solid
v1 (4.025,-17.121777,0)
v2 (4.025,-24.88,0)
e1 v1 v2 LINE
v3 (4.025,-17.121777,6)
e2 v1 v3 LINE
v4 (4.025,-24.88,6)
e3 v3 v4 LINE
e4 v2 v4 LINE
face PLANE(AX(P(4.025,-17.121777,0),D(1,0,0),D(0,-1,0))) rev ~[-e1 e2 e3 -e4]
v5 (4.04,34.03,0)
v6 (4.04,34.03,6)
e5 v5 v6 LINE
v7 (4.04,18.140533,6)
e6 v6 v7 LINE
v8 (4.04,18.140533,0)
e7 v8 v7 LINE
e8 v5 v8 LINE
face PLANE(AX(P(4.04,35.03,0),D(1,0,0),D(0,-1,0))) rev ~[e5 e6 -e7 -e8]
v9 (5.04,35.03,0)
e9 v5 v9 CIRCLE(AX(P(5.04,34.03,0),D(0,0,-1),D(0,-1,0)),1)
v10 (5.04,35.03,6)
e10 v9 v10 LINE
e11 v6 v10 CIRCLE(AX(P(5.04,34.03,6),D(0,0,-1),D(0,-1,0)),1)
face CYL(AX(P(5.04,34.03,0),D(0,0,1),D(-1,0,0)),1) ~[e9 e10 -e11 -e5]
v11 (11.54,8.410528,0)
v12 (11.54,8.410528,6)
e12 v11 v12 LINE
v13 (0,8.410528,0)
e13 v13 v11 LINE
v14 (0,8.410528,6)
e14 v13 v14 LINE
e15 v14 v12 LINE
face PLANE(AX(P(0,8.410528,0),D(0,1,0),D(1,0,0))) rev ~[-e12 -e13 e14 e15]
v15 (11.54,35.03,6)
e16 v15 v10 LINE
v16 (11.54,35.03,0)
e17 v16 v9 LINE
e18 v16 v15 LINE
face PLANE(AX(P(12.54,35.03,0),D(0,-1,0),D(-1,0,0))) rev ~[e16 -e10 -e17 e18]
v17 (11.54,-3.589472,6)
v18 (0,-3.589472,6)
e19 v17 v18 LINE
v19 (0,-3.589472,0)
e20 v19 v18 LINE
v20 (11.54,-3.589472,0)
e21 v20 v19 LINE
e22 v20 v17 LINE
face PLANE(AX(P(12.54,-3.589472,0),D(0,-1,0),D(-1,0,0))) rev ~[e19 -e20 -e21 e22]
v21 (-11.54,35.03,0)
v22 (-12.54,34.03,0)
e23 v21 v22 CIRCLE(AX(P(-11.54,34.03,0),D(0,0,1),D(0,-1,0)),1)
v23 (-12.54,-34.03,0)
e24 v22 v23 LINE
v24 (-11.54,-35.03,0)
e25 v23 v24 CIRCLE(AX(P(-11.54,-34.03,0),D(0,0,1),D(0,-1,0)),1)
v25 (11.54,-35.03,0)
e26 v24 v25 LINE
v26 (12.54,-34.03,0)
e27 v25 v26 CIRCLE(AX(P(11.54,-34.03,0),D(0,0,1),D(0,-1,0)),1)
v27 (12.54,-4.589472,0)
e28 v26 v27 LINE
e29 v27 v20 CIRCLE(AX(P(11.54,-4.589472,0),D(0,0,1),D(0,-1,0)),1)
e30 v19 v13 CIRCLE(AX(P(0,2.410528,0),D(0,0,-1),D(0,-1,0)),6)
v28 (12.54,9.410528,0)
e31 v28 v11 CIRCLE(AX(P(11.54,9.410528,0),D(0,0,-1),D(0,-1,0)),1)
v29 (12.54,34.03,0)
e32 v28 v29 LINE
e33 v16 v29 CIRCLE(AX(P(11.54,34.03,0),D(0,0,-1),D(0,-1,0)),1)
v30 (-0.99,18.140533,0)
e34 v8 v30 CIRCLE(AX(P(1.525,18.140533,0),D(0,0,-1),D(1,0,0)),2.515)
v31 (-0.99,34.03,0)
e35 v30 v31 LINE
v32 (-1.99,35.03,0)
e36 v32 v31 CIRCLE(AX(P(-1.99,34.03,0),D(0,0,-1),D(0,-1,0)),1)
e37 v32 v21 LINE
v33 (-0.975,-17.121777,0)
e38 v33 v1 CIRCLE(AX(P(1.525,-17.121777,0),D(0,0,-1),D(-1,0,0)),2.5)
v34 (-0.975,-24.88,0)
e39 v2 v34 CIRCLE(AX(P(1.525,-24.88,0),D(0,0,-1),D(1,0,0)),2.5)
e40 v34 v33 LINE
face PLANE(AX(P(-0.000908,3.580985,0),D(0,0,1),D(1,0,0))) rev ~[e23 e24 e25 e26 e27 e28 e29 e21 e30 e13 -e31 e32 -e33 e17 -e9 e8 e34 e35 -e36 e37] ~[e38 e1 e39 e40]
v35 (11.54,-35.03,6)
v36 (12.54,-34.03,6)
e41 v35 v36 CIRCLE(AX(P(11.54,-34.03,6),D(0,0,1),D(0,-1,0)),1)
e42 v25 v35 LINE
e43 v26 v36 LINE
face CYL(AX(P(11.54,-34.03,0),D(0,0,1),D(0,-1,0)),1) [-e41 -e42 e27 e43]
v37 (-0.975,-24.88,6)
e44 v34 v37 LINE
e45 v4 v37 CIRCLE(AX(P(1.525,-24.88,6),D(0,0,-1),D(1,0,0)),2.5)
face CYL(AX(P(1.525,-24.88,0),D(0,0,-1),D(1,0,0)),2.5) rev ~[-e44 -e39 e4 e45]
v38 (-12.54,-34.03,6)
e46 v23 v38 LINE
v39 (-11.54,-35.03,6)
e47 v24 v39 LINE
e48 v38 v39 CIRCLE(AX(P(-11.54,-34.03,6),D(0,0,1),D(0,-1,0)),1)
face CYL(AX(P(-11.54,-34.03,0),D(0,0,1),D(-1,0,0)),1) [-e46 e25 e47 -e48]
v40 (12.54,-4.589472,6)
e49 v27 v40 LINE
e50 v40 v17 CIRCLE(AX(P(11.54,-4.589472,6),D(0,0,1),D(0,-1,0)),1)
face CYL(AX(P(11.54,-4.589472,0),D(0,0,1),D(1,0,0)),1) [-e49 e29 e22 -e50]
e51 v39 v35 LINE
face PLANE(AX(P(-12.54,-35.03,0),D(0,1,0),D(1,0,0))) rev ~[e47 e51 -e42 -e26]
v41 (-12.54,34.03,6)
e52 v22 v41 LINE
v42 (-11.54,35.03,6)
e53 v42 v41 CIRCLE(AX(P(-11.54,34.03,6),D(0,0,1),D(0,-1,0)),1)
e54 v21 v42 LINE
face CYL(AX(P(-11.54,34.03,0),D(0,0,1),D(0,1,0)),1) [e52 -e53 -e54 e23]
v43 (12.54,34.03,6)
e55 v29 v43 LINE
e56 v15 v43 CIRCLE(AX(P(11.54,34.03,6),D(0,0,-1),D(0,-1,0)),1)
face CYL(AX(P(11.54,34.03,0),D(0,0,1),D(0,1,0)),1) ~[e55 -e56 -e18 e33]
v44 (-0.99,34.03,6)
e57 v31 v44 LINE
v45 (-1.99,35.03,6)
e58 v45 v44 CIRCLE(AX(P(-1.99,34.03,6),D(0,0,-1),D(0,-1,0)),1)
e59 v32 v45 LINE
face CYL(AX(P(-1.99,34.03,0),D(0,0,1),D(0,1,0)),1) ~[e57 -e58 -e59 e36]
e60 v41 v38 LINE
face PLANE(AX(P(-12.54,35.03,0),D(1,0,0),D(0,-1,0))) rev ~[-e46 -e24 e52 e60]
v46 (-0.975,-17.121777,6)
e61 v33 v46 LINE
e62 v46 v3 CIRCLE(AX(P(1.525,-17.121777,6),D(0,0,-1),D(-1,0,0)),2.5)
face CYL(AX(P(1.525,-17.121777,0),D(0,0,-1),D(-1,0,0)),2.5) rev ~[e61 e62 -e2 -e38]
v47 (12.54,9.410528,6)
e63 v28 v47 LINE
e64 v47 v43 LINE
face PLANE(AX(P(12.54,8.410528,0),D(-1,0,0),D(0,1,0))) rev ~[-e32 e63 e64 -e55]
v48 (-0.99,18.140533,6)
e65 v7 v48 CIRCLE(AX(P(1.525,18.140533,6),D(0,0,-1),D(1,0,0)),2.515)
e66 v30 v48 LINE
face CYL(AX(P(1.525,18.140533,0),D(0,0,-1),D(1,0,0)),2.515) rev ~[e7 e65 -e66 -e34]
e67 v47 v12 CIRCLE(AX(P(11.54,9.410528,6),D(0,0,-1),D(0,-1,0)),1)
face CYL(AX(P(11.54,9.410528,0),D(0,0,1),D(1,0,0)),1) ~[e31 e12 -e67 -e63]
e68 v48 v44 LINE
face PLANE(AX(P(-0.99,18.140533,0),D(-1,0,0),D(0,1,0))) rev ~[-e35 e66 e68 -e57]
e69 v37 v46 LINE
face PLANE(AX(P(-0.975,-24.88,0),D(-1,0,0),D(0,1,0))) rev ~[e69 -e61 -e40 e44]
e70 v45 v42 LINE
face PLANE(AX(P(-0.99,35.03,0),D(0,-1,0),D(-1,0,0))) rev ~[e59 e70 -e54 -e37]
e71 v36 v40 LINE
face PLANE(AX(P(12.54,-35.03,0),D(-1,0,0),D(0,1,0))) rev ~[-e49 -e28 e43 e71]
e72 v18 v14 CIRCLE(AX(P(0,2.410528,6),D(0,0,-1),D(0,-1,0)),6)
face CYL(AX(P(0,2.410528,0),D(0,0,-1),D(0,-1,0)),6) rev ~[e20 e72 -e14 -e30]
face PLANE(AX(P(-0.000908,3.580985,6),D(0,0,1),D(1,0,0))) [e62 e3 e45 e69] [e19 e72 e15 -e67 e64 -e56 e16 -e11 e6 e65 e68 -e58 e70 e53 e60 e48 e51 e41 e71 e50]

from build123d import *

# Parameters (mm, degrees)
F1_DEPTH = 6
F2_R     = 1


with BuildPart() as f1:
    # F0 (on Top) → F1 (new body)
    with BuildSketch(Plane.XY):
        with BuildLine():
            Line((-0.99, 35.03), (-12.54, 35.03))
            Line((-12.54, 35.03), (-12.54, -35.03))
            Line((-12.54, -35.03), (12.54, -35.03))
            Line((12.54, -35.03), (12.54, -3.589472))
            Line((12.54, -3.589472), (0, -3.589472))
            ThreePointArc((0, -3.589472), (-6, 2.410528), (0, 8.410528))
            Line((0, 8.410528), (12.54, 8.410528))
            Line((12.54, 8.410528), (12.54, 35.03))
            Line((12.54, 35.03), (4.04, 35.03))
            Line((4.04, 35.03), (4.04, 18.140533))
            ThreePointArc((4.04, 18.140533), (1.525, 15.625533), (-0.99, 18.140533))
            Line((-0.99, 18.140533), (-0.99, 35.03))
        make_face()
        with BuildLine():
            Line((4.025, -17.121777), (4.025, -24.88))
            ThreePointArc((4.025, -24.88), (1.525, -27.38), (-0.975, -24.88))
            Line((-0.975, -24.88), (-0.975, -17.121777))
            ThreePointArc((-0.975, -17.121777), (1.525, -14.621777), (4.025, -17.121777))
        make_face(mode=Mode.SUBTRACT)
    extrude(amount=F1_DEPTH)

    # F2
    f2_edges = [f1.edges().sort_by_distance(p)[0] for p in [
        (-12.54, -35.03, 3),
        (-12.54, 35.03, 3),
        (12.54, -35.03, 3),
        (12.54, 35.03, 3),
        (12.54, -3.589472, 3),
        (12.54, 8.410528, 3),
        (-0.99, 35.03, 3),
        (4.04, 35.03, 3),
    ]]
    fillet(f2_edges, radius=F2_R)


solid = f1.part
